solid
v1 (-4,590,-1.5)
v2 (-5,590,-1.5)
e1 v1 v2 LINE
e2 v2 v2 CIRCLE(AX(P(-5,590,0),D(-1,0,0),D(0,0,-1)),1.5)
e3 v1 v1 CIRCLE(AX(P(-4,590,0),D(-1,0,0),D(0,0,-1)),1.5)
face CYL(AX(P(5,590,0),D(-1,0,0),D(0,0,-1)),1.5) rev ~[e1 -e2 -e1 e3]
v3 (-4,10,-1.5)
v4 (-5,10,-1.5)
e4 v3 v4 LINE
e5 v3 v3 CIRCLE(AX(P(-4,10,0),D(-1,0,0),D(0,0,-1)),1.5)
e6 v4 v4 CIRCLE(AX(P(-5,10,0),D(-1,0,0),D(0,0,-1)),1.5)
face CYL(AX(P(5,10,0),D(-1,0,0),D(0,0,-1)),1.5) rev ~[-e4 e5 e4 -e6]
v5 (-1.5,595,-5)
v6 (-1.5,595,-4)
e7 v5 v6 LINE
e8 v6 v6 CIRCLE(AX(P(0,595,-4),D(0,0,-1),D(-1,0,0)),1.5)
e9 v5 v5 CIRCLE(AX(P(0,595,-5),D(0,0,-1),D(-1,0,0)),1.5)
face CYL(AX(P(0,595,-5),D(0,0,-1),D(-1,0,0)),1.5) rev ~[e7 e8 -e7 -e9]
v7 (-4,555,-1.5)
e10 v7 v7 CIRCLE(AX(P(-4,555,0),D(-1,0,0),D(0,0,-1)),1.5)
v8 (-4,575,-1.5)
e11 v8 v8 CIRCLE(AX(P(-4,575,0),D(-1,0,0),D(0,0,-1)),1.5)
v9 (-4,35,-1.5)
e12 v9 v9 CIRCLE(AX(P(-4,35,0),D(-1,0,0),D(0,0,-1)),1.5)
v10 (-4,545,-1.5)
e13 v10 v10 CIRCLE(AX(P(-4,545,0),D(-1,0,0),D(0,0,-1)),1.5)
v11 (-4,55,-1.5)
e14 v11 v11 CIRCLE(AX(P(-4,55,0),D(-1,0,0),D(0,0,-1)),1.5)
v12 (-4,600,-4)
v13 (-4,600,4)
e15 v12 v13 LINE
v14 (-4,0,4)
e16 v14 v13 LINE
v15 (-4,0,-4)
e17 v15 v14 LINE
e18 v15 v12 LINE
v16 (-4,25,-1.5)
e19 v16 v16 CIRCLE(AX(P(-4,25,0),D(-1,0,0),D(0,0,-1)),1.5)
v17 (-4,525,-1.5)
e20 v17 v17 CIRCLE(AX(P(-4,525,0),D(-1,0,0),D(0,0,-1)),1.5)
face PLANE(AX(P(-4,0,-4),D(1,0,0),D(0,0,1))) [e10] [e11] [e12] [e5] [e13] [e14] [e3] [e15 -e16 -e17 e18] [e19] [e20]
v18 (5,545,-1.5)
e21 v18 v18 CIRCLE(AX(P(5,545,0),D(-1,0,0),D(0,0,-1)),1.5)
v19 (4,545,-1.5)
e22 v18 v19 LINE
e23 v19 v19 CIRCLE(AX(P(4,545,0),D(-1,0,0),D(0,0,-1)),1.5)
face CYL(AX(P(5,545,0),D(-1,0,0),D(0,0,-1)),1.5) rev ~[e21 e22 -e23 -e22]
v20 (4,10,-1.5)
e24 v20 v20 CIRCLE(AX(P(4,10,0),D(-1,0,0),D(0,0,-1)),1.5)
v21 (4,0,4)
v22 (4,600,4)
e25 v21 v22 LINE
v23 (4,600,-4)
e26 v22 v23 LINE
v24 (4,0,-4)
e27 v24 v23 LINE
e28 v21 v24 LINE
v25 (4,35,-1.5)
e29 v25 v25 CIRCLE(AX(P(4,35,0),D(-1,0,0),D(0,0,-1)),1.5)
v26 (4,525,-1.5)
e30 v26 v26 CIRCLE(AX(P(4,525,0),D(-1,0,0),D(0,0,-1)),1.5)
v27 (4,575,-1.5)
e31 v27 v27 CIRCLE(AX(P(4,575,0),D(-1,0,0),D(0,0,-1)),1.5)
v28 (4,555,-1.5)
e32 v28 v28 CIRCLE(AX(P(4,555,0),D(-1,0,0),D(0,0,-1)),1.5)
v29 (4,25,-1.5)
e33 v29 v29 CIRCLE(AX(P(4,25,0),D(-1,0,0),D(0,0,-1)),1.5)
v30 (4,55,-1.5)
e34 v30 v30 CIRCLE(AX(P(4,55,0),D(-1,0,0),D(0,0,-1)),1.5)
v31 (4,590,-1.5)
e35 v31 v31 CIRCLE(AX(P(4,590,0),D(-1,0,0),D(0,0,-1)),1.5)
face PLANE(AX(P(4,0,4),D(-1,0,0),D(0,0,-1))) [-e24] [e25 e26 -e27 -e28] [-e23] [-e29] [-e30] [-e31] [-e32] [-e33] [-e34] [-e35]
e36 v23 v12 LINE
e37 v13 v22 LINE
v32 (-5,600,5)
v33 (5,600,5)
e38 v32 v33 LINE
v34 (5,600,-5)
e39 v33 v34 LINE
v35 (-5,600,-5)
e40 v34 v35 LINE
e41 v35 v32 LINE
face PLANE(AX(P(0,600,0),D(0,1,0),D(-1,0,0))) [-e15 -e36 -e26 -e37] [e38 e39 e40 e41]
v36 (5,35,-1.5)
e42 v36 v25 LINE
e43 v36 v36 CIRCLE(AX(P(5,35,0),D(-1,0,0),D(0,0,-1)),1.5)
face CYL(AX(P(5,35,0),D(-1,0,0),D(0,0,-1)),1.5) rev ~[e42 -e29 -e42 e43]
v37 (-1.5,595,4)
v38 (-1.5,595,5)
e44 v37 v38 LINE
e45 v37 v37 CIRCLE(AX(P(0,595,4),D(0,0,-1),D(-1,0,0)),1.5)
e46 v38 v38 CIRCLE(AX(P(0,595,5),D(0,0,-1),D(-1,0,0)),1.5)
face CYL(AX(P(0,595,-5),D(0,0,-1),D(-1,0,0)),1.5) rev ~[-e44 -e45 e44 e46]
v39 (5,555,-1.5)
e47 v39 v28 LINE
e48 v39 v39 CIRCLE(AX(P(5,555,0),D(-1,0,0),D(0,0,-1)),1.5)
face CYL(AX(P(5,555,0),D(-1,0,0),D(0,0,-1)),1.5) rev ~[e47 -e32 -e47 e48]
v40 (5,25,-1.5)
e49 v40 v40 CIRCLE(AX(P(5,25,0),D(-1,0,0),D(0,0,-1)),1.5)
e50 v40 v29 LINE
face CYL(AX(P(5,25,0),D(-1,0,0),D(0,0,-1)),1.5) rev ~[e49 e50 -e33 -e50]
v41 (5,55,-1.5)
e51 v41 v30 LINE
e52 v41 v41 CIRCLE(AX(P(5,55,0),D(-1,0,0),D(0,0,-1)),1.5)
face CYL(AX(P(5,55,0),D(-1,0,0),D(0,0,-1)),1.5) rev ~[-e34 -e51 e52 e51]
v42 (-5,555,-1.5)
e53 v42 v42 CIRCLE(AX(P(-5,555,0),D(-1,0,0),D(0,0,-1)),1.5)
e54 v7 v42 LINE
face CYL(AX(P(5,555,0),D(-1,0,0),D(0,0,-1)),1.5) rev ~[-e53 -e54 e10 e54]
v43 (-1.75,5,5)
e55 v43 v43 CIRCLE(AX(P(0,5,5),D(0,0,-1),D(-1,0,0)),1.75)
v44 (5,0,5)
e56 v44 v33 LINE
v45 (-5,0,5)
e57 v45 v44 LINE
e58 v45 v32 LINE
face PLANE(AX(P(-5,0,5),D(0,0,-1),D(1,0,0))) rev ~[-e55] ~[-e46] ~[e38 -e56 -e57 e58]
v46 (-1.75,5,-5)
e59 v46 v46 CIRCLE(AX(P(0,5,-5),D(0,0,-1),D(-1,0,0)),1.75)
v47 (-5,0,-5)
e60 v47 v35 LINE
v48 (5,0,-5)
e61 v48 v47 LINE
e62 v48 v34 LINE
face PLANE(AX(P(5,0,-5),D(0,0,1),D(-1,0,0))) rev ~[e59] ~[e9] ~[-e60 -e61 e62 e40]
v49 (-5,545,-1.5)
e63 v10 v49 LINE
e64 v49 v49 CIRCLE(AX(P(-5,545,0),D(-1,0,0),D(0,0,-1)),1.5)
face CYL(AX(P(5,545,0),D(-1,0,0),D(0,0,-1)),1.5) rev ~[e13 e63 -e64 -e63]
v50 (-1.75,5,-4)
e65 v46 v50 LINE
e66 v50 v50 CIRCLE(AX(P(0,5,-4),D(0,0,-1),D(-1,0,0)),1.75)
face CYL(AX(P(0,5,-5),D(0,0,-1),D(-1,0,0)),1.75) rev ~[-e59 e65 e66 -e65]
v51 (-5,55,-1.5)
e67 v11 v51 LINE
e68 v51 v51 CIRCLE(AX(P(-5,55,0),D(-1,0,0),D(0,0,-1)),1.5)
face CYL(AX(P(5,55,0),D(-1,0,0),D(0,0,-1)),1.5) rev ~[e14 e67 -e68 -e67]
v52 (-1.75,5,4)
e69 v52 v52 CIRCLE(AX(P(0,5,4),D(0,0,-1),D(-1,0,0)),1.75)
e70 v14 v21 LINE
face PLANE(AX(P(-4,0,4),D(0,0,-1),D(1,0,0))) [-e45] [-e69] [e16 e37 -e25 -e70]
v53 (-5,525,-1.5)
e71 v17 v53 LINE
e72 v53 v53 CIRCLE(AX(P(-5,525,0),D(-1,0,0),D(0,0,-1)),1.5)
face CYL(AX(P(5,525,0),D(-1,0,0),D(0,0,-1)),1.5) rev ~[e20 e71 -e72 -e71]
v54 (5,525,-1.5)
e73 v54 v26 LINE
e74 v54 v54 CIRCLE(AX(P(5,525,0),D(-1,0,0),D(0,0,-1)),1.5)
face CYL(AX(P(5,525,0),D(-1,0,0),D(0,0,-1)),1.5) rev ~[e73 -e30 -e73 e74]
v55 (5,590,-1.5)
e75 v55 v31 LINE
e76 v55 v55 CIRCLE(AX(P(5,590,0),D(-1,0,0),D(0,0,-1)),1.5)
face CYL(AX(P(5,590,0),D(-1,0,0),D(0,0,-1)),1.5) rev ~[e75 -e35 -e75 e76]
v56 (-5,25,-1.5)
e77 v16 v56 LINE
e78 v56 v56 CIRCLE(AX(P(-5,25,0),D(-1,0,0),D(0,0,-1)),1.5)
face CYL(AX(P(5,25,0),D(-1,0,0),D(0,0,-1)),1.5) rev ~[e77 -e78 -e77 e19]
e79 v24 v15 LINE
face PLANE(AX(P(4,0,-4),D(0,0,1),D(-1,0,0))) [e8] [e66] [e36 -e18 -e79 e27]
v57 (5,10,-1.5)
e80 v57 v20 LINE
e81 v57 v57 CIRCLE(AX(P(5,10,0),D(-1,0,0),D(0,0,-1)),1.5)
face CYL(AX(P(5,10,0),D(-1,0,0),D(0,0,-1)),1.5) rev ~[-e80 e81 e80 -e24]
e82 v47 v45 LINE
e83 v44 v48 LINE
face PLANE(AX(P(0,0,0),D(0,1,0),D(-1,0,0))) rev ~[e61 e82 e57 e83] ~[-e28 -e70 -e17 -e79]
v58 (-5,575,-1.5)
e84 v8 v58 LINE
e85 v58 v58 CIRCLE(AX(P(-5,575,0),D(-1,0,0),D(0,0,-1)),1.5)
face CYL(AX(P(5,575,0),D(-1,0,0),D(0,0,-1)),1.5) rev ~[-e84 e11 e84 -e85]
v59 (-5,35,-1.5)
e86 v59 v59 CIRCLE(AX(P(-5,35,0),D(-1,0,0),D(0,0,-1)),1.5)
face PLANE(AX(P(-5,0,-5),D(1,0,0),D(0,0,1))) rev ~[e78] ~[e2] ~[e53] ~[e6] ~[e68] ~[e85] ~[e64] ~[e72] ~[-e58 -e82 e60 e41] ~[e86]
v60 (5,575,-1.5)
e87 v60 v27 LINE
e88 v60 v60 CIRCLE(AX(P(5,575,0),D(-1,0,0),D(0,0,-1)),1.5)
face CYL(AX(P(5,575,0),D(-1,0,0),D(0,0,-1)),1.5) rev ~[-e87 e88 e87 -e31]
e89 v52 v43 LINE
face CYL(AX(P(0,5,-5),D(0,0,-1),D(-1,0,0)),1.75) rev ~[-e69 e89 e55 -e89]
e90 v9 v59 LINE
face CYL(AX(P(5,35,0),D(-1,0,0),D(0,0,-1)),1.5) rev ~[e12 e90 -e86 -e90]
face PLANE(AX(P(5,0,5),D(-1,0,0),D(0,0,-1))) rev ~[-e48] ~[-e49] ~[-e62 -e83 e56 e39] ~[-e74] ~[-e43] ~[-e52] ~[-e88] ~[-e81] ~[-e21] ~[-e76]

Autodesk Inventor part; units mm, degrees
ref_plane "YZ Plane" through (0, 0, 0) normal (1, 0, 0) x (0, 1, 0)
ref_plane "XZ Plane" through (0, 0, 0) normal (0, 1, 0) x (-1, 0, 0)
sketch "Sketch1" plane through (0, 0, 0) normal (0, 1, 0) x (-1, 0, 0)
  line L0 (-5, -5) -> (5, -5)
  line L1 (5, -5) -> (5, 5)
  line L2 (5, 5) -> (-5, 5)
  line L3 (-5, 5) -> (-5, -5)
  line L4 (-5, -5) -> (5, 5) construction
  line L5 (5, -5) -> (-5, 5) construction
  line L6 (-4, -4) -> (4, -4)
  line L7 (4, -4) -> (4, 4)
  line L8 (4, 4) -> (-4, 4)
  line L9 (-4, 4) -> (-4, -4)
  line L10 (-4, -4) -> (4, 4) construction
  line L11 (4, -4) -> (-4, 4) construction
  point P0 (0, 0)
  dimension "d0" = 10
  dimension "d1" = 10
  dimension "d2" = 8
  dimension "d3" = 8
extrude "Extrusion1" add sketch "Sketch1" along normal blind 600
sketch "Sketch2" plane through (5, 0, -5) normal (1, 0, 0) x (0, 0, -1)
  line L0 (-10, 600) -> (0, 600) projected
  line L1 (-10, 0) -> (0, 0) projected
  point P0 (-5, 0)
  point P1 (-5, 545)
  point P2 (-5, 525)
  point P3 (-5, 590)
  point P4 (-5, 555)
  point P5 (-5, 575)
  point P6 (-5, 10)
  point P7 (-5, 25)
  point P8 (-5, 35)
  point P9 (-5, 55)
  point P10 (-5, 107.8006)
  dimension "d6" = 55
  dimension "d7" = 20
  dimension "d21" = 10
  dimension "d23" = 35
  dimension "d24" = 15
  dimension "d25" = 10
  dimension "d26" = 15
  dimension "d27" = 10
  dimension "d28" = 20
hole "Hole1" at (5, 545, 0) at (5, 525, 0) at (5, 590, 0) at (5, 555, 0) at (5, 575, 0) at (5, 10, 0) at (5, 25, 0) at (5, 35, 0) at (5, 55, 0) direction (-1, 0, 0) diameter 3 depth 80.45
sketch "Sketch3" plane through (-5, 0, -5) normal (0, 0, -1) x (-1, 0, 0)
  line L0 (-10, 600) -> (0, 600) projected
  circle A0 centre (-5, 595) radius 1.5
  line L1 (-10, 0) -> (0, 0) projected
  circle A1 centre (-5, 5) radius 1.75
  point P0 (-5, 0)
  dimension "d15" = 5
  dimension "d16" = 3
  dimension "d19" = 5
  dimension "d20" = 3.5
extrude "Extrusion2" cut sketch "Sketch3" against normal blind 600
ref_plane "Work Plane1" through (0, 300, 0) normal (0, 1, 0) x (1, 0, 0)
properties part number "10x10x600" material "アルミニウム 6061"
